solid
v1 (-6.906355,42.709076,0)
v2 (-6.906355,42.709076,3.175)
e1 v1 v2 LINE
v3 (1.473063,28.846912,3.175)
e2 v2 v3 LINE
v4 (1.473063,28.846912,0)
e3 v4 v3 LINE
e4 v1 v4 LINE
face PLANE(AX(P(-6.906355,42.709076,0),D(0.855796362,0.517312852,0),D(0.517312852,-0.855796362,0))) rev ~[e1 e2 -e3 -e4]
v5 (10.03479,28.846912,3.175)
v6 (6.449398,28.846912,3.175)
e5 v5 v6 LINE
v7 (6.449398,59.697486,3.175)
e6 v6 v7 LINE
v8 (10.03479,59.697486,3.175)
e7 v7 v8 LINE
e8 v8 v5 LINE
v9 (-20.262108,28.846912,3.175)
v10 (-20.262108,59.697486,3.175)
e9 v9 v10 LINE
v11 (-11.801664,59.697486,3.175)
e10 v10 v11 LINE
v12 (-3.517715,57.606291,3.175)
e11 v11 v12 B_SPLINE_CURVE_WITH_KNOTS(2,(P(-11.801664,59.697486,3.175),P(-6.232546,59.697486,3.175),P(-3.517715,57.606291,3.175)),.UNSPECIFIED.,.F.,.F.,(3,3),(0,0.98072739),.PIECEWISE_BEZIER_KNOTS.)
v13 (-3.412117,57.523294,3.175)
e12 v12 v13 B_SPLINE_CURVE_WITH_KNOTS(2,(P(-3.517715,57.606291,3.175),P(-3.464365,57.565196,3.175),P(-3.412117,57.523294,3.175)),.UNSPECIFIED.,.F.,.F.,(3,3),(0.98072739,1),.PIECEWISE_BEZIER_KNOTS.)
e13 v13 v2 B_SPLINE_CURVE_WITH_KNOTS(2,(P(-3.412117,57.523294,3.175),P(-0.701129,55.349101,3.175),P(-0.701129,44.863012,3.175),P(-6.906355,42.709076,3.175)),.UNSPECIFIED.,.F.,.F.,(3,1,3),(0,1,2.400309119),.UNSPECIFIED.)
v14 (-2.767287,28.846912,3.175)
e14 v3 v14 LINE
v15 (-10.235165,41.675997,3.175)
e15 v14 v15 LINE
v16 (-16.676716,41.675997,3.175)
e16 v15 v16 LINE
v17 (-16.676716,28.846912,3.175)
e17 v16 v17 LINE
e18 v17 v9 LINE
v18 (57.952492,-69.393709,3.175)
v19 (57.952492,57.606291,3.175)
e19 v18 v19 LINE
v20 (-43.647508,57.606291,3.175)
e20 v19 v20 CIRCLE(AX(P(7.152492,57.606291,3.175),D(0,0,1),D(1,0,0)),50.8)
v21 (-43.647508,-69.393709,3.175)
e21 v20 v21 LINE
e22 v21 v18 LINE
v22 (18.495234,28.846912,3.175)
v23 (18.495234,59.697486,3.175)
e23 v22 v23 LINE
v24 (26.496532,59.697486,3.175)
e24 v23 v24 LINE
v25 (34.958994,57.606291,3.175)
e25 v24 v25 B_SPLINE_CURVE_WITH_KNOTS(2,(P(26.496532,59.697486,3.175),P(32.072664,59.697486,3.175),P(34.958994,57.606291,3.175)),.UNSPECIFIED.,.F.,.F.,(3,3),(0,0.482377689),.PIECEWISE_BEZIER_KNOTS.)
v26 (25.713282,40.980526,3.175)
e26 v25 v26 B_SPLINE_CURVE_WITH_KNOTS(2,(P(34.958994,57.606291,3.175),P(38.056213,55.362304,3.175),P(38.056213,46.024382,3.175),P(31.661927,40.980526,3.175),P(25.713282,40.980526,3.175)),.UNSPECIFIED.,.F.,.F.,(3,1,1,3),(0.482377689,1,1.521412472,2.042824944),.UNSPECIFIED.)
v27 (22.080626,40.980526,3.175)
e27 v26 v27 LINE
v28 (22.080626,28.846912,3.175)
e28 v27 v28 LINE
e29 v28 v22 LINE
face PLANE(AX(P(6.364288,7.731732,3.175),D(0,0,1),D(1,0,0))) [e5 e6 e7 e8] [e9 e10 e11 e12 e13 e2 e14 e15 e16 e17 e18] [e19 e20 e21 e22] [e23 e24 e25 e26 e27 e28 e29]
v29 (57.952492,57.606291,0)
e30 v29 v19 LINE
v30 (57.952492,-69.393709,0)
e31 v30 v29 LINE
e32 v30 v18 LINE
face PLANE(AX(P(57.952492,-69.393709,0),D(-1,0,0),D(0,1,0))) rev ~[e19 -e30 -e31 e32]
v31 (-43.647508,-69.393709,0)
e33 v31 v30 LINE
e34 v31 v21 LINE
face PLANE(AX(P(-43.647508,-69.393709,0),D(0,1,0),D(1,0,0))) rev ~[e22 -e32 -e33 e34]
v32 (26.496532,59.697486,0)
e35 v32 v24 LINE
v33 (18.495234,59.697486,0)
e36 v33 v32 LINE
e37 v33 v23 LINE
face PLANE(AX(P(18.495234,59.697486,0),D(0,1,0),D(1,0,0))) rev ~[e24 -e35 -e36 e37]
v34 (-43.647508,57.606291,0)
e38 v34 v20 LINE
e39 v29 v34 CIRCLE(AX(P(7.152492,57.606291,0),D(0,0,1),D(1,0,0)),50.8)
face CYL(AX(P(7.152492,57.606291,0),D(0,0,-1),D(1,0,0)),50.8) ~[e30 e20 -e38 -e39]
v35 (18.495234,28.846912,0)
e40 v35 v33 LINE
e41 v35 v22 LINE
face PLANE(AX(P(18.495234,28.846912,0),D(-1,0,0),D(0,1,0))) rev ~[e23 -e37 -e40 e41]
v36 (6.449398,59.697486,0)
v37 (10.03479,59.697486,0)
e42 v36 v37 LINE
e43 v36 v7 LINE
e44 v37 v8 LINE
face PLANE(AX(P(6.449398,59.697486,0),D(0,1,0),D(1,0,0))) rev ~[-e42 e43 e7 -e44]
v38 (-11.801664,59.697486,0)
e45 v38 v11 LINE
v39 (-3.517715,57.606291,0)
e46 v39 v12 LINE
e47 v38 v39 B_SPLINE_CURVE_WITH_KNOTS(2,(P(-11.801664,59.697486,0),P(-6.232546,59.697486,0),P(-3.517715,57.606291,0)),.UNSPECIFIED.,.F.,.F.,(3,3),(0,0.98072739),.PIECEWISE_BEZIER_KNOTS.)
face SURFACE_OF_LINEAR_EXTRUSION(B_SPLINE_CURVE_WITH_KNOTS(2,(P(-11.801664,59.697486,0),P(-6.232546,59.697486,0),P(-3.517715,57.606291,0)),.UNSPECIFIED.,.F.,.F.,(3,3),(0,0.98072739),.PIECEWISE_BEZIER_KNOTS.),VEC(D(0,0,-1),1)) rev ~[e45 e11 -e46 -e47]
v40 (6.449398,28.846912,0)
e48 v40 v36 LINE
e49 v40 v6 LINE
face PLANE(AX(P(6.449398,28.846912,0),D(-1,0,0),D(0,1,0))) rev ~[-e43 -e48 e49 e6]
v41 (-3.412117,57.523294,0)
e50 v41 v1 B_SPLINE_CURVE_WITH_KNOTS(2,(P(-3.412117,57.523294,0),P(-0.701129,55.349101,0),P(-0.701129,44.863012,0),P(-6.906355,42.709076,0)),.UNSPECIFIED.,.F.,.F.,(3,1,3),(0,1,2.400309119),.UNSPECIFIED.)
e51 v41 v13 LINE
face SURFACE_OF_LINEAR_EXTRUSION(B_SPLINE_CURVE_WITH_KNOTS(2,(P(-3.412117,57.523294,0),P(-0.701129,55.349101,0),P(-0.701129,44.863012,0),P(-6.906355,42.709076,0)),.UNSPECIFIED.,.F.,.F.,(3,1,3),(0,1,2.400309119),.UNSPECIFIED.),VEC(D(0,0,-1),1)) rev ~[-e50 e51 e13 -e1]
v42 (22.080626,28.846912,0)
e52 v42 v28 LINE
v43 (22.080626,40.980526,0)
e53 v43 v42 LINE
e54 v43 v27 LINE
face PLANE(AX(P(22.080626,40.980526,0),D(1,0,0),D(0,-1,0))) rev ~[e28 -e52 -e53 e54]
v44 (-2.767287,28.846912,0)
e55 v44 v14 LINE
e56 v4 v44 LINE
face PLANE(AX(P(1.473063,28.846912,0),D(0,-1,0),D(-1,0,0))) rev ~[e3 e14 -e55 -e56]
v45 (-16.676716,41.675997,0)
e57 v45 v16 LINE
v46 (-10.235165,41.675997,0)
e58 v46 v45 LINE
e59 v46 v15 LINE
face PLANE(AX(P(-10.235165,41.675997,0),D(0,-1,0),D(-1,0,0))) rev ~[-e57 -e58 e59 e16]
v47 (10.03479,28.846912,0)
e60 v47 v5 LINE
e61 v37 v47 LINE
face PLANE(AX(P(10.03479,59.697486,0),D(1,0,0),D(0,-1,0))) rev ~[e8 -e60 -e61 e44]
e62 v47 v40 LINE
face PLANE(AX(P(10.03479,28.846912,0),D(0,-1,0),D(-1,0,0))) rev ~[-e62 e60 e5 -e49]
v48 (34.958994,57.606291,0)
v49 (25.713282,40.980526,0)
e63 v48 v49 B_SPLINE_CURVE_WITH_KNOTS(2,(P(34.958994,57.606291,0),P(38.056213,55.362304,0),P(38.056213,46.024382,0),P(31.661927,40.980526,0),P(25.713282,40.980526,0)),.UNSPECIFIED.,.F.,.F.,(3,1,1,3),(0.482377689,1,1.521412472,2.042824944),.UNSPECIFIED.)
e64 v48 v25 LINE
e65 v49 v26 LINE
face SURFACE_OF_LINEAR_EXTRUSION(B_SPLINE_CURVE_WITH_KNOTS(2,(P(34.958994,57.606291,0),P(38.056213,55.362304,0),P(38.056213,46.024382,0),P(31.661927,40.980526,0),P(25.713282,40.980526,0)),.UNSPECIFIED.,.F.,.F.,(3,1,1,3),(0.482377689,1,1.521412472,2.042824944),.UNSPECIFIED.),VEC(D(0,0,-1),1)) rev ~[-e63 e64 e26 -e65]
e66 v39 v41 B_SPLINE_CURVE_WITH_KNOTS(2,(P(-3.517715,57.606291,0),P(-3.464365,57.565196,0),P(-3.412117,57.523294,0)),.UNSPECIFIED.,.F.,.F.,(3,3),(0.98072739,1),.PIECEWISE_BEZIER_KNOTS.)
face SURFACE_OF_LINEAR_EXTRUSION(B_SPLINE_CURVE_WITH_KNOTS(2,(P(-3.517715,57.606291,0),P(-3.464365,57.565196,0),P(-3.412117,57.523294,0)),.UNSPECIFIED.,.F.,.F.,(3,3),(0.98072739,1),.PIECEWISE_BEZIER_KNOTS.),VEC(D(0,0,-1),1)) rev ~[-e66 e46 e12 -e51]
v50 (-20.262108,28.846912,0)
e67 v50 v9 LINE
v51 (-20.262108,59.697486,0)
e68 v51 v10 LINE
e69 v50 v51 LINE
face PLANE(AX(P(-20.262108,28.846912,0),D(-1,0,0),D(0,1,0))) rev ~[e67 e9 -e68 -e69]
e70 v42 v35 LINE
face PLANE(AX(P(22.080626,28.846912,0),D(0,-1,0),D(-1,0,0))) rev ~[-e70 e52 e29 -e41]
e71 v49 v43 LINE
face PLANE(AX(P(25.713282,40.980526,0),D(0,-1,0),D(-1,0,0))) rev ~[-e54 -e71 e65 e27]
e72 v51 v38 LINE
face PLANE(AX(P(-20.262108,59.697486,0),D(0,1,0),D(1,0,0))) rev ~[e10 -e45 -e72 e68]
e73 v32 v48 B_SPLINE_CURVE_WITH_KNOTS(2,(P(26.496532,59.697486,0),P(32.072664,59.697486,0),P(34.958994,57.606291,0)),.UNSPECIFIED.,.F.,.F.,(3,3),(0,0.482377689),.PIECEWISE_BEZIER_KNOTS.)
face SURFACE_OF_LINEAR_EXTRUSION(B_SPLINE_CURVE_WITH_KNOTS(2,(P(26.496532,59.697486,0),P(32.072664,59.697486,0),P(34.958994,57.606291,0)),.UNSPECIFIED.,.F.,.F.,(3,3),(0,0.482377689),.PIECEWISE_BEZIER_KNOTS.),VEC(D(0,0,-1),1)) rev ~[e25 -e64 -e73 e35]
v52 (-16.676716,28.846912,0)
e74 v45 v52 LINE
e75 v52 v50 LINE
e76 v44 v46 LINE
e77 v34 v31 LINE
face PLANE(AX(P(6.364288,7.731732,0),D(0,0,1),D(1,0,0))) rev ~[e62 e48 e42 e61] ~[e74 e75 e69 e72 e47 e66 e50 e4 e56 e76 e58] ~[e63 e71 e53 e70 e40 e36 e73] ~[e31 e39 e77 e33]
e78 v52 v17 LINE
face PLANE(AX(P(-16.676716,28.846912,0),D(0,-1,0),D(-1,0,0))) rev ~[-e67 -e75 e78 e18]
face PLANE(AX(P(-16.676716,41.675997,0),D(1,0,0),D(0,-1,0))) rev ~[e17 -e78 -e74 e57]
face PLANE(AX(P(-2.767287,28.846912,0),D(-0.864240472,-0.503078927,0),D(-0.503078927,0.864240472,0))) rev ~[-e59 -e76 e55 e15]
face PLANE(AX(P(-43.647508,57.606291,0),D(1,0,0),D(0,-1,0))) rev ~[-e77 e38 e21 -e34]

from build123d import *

# Parameters (mm, degrees)
F1_DEPTH = 3.175


with BuildPart() as f1:
    # F0 (on Top) → F1 (new body)
    with BuildSketch(Plane.XY):
        with BuildLine():
            Line((-43.6475083196, 57.6062907483), (-43.6475083196, -69.3937092517))
            Line((-43.6475083196, -69.3937092517), (57.9524916804, -69.3937092517))
            Line((57.9524916804, -69.3937092517), (57.9524916804, 57.6062907483))
            Line((57.9524916804, 57.6062907483), (34.9589943423, 57.6062907483))
            add(Edge.make_bspline(
                [(34.9589943423, 57.6062907483), (38.056212694, 55.3623037103), (38.056212694, 50.7103741337)],
                knots=[0.4823776889, 0.4823776889, 0.4823776889, 1, 1, 1], degree=2))
            add(Edge.make_bspline(
                [(38.056212694, 50.7103741337), (38.056212694, 46.0243819592), (34.8590696182, 43.5024538941)],
                knots=[0, 0, 0, 1, 1, 1], degree=2))
            add(Edge.make_bspline(
                [(34.8590696182, 43.5024538941), (31.6619265424, 40.980525829), (25.7132822978, 40.980525829)],
                knots=[0, 0, 0, 1, 1, 1], degree=2))
            Line((25.7132822978, 40.980525829), (22.08062554, 40.980525829))
            Line((22.08062554, 40.980525829), (22.08062554, 28.846912086))
            Line((22.08062554, 28.846912086), (18.495233833, 28.846912086))
            Line((18.495233833, 28.846912086), (18.495233833, 57.6062907483))
            Line((18.495233833, 57.6062907483), (10.0347897484, 57.6062907483))
            Line((10.0347897484, 57.6062907483), (10.0347897484, 28.846912086))
            Line((10.0347897484, 28.846912086), (6.4493980414, 28.846912086))
            Line((6.4493980414, 28.846912086), (6.4493980414, 57.6062907483))
            Line((6.4493980414, 57.6062907483), (-3.5177150874, 57.6062907483))
            add(Edge.make_bspline(
                [(-3.5177150874, 57.6062907483), (-3.4643650115, 57.5651959541), (-3.4121171904, 57.5232935921)],
                knots=[0.9807273895, 0.9807273895, 0.9807273895, 1, 1, 1], degree=2))
            add(Edge.make_bspline(
                [(-3.4121171904, 57.5232935921), (-0.7011289223, 55.3491012575), (-0.7011289223, 50.980460138)],
                knots=[0, 0, 0, 1, 1, 1], degree=2))
            add(Edge.make_bspline(
                [(-0.7011289223, 50.980460138), (-0.7011289223, 44.8630121407), (-6.906354871, 42.7090762565)],
                knots=[0, 0, 0, 1, 1, 1], degree=2))
            Line((-6.906354871, 42.7090762565), (1.4730634123, 28.846912086))
            Line((1.4730634123, 28.846912086), (-2.7672868552, 28.846912086))
            Line((-2.7672868552, 28.846912086), (-10.2351648739, 41.67599729))
            Line((-10.2351648739, 41.67599729), (-16.6767160764, 41.67599729))
            Line((-16.6767160764, 41.67599729), (-16.6767160764, 28.846912086))
            Line((-16.6767160764, 28.846912086), (-20.2621077834, 28.846912086))
            Line((-20.2621077834, 28.846912086), (-20.2621077834, 57.6062907483))
            Line((-20.2621077834, 57.6062907483), (-43.6475083196, 57.6062907483))
        make_face()
        with BuildLine():
            ThreePointArc((57.9524916804, 57.6062907483), (7.1524916804, 108.4062907483), (-43.6475083196, 57.6062907483))
            Line((-43.6475083196, 57.6062907483), (-20.2621077834, 57.6062907483))
            Line((-20.2621077834, 57.6062907483), (-20.2621077834, 59.6974859266))
            Line((-20.2621077834, 59.6974859266), (-11.8016636989, 59.6974859266))
            add(Edge.make_bspline(
                [(-11.8016636989, 59.6974859266), (-6.2325460998, 59.6974859266), (-3.5177150874, 57.6062907483)],
                knots=[0, 0, 0, 0.9807273895, 0.9807273895, 0.9807273895], degree=2))
            Line((-3.5177150874, 57.6062907483), (6.4493980414, 57.6062907483))
            Line((6.4493980414, 57.6062907483), (6.4493980414, 59.6974859266))
            Line((6.4493980414, 59.6974859266), (10.0347897484, 59.6974859266))
            Line((10.0347897484, 59.6974859266), (10.0347897484, 57.6062907483))
            Line((10.0347897484, 57.6062907483), (18.495233833, 57.6062907483))
            Line((18.495233833, 57.6062907483), (18.495233833, 59.6974859266))
            Line((18.495233833, 59.6974859266), (26.4965317102, 59.6974859266))
            add(Edge.make_bspline(
                [(26.4965317102, 59.6974859266), (32.0726639073, 59.6974859266), (34.9589943423, 57.6062907483)],
                knots=[0, 0, 0, 0.4823776889, 0.4823776889, 0.4823776889], degree=2))
            Line((34.9589943423, 57.6062907483), (57.9524916804, 57.6062907483))
        make_face()
    extrude(amount=F1_DEPTH)


solid = f1.part
